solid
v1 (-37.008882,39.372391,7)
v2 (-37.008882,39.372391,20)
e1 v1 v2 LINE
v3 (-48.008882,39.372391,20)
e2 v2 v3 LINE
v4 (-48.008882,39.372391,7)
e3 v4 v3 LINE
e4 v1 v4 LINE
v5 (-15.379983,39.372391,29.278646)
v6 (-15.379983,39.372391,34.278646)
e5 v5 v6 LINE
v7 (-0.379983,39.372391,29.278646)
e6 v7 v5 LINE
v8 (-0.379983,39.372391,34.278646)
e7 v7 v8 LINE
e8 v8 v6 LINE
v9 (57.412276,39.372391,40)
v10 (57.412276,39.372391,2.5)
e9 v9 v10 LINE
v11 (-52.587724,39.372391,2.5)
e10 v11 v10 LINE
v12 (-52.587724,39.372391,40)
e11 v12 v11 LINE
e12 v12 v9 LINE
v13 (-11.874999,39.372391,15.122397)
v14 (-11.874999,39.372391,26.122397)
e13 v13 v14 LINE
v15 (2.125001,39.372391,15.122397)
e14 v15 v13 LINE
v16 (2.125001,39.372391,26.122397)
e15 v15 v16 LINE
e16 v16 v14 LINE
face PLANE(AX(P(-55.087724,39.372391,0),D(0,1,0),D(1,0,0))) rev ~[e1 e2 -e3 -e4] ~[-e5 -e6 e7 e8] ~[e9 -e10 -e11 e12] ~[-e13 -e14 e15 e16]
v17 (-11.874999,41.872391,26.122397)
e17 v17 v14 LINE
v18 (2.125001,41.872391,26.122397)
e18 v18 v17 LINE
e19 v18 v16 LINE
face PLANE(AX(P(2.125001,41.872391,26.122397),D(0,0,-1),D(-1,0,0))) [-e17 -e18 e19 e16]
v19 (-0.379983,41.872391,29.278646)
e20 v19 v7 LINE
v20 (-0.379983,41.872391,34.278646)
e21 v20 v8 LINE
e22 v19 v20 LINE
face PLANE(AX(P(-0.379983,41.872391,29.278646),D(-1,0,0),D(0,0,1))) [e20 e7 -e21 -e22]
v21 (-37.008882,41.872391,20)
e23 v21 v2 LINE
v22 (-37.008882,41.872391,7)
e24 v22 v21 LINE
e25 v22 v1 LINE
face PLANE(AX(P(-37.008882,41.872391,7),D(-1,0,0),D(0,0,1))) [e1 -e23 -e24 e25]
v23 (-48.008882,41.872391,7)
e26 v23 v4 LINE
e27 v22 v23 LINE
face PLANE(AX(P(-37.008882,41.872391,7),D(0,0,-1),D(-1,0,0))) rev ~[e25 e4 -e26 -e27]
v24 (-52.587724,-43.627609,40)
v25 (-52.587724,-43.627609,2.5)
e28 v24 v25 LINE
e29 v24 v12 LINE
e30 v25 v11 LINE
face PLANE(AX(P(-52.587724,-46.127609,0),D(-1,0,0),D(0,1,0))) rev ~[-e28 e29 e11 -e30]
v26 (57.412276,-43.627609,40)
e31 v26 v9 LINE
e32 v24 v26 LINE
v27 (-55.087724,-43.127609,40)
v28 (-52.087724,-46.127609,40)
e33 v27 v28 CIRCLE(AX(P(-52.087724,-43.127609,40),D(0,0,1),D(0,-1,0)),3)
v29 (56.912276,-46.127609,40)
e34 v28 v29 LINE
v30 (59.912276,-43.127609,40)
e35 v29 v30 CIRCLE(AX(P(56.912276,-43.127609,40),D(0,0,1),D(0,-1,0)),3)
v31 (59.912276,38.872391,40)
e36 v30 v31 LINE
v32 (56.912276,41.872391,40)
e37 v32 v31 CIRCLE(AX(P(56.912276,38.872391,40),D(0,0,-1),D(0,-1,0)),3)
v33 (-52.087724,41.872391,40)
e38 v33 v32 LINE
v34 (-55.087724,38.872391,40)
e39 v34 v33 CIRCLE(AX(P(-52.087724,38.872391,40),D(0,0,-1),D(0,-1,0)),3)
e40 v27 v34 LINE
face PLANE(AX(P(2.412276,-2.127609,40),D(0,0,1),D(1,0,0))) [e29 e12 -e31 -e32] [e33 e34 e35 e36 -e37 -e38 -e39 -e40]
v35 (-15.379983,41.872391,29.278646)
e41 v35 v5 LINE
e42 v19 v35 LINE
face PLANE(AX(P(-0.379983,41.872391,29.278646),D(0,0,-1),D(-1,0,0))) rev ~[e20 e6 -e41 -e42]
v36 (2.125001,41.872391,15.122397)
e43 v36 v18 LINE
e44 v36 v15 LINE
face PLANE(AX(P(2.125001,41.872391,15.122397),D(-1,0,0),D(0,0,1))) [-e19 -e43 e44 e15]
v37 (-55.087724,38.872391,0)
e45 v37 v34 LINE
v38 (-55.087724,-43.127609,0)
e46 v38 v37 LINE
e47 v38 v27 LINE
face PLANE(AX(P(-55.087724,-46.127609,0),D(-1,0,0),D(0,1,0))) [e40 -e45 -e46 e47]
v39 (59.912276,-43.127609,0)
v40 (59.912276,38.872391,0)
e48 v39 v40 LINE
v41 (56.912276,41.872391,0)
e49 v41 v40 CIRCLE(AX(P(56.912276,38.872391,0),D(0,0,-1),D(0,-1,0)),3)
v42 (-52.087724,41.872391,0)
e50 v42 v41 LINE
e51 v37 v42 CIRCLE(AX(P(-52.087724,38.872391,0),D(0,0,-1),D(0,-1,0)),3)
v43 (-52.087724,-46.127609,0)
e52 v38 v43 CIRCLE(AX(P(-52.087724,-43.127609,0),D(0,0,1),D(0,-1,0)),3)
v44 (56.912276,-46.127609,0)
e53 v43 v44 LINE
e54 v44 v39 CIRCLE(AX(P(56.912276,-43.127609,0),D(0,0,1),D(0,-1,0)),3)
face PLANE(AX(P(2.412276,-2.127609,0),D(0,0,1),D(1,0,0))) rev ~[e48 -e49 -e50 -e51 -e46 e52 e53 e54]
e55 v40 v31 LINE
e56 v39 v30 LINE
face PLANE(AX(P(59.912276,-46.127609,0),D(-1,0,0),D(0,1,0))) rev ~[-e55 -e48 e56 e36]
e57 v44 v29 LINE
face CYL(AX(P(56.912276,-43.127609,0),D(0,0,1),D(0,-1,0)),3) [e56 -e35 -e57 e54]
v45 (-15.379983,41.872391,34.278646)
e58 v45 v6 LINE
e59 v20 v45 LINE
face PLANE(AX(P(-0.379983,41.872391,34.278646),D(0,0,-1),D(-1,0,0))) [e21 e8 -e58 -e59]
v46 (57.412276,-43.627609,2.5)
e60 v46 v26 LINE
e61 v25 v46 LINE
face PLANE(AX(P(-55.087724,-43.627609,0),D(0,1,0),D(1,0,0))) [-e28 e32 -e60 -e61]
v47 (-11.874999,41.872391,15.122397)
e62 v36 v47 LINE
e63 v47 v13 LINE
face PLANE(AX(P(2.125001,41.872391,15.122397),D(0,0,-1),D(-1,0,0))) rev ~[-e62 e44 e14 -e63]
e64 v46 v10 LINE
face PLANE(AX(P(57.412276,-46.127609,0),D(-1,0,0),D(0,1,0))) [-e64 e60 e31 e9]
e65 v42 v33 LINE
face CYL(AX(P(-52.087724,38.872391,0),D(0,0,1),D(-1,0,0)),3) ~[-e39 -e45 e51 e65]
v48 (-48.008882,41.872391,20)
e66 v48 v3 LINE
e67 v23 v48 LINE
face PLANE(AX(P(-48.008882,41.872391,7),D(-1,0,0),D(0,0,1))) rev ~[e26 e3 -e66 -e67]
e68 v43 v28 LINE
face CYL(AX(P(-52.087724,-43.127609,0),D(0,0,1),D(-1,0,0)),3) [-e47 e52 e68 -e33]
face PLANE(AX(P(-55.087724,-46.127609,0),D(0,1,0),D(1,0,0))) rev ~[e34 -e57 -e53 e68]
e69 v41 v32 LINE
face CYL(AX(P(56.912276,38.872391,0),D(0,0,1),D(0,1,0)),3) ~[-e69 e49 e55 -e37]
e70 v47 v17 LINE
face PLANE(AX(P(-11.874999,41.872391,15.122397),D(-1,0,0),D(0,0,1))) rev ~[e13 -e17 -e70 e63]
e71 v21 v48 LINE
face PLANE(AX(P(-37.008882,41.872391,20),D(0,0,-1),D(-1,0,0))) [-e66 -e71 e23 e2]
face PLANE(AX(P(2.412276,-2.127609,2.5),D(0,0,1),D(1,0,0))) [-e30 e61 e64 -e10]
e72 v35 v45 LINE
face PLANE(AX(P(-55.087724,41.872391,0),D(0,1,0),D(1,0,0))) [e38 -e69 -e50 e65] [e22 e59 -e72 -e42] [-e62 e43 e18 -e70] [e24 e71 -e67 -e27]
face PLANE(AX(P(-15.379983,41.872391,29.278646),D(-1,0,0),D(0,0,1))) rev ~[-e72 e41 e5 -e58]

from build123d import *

# Parameters (mm, degrees)
F0_W     = 115
F0_H     = 88
F1_DEPTH = 40
F2_T     = -2.5
F3_W     = 15
F3_H     = 5
F3_W_2   = 14
F3_H_2   = 11
F3_W_3   = 11
F3_H_3   = 13
F4_DEPTH = 2.5
F5_R     = 3


with BuildPart() as f1:
    # F0 (on Top) → F1 (new body)
    with BuildSketch(Plane.XY):
        with Locations((2.412276, -2.127609)):
            Rectangle(F0_W, F0_H)
    extrude(amount=F1_DEPTH)

    # F2
    f2_openings = [f1.faces().sort_by_distance(p)[0] for p in [
        (2.412276, -2.127609, 40),
    ]]
    offset(amount=F2_T, openings=f2_openings)

    # F3 (on face) → F4 (cut)
    with BuildSketch(Plane(origin=(0, 41.872391, 0), x_dir=(-1, 0, 0), z_dir=(0, 1, 0))):
        with Locations((7.879983, 31.778646)):
            Rectangle(F3_W, F3_H)
        with Locations((4.874999, 20.622397)):
            Rectangle(F3_W_2, F3_H_2)
        with Locations((42.508882, 13.5)):
            Rectangle(F3_W_3, F3_H_3)
    extrude(amount=-F4_DEPTH, mode=Mode.SUBTRACT)

    # F5
    f5_edges = [f1.edges().sort_by_distance(p)[0] for p in [
        (59.912276, -46.127609, 20),
        (-55.087724, -46.127609, 20),
        (-55.087724, 41.872391, 20),
        (59.912276, 41.872391, 20),
    ]]
    fillet(f5_edges, radius=F5_R)


solid = f1.part
